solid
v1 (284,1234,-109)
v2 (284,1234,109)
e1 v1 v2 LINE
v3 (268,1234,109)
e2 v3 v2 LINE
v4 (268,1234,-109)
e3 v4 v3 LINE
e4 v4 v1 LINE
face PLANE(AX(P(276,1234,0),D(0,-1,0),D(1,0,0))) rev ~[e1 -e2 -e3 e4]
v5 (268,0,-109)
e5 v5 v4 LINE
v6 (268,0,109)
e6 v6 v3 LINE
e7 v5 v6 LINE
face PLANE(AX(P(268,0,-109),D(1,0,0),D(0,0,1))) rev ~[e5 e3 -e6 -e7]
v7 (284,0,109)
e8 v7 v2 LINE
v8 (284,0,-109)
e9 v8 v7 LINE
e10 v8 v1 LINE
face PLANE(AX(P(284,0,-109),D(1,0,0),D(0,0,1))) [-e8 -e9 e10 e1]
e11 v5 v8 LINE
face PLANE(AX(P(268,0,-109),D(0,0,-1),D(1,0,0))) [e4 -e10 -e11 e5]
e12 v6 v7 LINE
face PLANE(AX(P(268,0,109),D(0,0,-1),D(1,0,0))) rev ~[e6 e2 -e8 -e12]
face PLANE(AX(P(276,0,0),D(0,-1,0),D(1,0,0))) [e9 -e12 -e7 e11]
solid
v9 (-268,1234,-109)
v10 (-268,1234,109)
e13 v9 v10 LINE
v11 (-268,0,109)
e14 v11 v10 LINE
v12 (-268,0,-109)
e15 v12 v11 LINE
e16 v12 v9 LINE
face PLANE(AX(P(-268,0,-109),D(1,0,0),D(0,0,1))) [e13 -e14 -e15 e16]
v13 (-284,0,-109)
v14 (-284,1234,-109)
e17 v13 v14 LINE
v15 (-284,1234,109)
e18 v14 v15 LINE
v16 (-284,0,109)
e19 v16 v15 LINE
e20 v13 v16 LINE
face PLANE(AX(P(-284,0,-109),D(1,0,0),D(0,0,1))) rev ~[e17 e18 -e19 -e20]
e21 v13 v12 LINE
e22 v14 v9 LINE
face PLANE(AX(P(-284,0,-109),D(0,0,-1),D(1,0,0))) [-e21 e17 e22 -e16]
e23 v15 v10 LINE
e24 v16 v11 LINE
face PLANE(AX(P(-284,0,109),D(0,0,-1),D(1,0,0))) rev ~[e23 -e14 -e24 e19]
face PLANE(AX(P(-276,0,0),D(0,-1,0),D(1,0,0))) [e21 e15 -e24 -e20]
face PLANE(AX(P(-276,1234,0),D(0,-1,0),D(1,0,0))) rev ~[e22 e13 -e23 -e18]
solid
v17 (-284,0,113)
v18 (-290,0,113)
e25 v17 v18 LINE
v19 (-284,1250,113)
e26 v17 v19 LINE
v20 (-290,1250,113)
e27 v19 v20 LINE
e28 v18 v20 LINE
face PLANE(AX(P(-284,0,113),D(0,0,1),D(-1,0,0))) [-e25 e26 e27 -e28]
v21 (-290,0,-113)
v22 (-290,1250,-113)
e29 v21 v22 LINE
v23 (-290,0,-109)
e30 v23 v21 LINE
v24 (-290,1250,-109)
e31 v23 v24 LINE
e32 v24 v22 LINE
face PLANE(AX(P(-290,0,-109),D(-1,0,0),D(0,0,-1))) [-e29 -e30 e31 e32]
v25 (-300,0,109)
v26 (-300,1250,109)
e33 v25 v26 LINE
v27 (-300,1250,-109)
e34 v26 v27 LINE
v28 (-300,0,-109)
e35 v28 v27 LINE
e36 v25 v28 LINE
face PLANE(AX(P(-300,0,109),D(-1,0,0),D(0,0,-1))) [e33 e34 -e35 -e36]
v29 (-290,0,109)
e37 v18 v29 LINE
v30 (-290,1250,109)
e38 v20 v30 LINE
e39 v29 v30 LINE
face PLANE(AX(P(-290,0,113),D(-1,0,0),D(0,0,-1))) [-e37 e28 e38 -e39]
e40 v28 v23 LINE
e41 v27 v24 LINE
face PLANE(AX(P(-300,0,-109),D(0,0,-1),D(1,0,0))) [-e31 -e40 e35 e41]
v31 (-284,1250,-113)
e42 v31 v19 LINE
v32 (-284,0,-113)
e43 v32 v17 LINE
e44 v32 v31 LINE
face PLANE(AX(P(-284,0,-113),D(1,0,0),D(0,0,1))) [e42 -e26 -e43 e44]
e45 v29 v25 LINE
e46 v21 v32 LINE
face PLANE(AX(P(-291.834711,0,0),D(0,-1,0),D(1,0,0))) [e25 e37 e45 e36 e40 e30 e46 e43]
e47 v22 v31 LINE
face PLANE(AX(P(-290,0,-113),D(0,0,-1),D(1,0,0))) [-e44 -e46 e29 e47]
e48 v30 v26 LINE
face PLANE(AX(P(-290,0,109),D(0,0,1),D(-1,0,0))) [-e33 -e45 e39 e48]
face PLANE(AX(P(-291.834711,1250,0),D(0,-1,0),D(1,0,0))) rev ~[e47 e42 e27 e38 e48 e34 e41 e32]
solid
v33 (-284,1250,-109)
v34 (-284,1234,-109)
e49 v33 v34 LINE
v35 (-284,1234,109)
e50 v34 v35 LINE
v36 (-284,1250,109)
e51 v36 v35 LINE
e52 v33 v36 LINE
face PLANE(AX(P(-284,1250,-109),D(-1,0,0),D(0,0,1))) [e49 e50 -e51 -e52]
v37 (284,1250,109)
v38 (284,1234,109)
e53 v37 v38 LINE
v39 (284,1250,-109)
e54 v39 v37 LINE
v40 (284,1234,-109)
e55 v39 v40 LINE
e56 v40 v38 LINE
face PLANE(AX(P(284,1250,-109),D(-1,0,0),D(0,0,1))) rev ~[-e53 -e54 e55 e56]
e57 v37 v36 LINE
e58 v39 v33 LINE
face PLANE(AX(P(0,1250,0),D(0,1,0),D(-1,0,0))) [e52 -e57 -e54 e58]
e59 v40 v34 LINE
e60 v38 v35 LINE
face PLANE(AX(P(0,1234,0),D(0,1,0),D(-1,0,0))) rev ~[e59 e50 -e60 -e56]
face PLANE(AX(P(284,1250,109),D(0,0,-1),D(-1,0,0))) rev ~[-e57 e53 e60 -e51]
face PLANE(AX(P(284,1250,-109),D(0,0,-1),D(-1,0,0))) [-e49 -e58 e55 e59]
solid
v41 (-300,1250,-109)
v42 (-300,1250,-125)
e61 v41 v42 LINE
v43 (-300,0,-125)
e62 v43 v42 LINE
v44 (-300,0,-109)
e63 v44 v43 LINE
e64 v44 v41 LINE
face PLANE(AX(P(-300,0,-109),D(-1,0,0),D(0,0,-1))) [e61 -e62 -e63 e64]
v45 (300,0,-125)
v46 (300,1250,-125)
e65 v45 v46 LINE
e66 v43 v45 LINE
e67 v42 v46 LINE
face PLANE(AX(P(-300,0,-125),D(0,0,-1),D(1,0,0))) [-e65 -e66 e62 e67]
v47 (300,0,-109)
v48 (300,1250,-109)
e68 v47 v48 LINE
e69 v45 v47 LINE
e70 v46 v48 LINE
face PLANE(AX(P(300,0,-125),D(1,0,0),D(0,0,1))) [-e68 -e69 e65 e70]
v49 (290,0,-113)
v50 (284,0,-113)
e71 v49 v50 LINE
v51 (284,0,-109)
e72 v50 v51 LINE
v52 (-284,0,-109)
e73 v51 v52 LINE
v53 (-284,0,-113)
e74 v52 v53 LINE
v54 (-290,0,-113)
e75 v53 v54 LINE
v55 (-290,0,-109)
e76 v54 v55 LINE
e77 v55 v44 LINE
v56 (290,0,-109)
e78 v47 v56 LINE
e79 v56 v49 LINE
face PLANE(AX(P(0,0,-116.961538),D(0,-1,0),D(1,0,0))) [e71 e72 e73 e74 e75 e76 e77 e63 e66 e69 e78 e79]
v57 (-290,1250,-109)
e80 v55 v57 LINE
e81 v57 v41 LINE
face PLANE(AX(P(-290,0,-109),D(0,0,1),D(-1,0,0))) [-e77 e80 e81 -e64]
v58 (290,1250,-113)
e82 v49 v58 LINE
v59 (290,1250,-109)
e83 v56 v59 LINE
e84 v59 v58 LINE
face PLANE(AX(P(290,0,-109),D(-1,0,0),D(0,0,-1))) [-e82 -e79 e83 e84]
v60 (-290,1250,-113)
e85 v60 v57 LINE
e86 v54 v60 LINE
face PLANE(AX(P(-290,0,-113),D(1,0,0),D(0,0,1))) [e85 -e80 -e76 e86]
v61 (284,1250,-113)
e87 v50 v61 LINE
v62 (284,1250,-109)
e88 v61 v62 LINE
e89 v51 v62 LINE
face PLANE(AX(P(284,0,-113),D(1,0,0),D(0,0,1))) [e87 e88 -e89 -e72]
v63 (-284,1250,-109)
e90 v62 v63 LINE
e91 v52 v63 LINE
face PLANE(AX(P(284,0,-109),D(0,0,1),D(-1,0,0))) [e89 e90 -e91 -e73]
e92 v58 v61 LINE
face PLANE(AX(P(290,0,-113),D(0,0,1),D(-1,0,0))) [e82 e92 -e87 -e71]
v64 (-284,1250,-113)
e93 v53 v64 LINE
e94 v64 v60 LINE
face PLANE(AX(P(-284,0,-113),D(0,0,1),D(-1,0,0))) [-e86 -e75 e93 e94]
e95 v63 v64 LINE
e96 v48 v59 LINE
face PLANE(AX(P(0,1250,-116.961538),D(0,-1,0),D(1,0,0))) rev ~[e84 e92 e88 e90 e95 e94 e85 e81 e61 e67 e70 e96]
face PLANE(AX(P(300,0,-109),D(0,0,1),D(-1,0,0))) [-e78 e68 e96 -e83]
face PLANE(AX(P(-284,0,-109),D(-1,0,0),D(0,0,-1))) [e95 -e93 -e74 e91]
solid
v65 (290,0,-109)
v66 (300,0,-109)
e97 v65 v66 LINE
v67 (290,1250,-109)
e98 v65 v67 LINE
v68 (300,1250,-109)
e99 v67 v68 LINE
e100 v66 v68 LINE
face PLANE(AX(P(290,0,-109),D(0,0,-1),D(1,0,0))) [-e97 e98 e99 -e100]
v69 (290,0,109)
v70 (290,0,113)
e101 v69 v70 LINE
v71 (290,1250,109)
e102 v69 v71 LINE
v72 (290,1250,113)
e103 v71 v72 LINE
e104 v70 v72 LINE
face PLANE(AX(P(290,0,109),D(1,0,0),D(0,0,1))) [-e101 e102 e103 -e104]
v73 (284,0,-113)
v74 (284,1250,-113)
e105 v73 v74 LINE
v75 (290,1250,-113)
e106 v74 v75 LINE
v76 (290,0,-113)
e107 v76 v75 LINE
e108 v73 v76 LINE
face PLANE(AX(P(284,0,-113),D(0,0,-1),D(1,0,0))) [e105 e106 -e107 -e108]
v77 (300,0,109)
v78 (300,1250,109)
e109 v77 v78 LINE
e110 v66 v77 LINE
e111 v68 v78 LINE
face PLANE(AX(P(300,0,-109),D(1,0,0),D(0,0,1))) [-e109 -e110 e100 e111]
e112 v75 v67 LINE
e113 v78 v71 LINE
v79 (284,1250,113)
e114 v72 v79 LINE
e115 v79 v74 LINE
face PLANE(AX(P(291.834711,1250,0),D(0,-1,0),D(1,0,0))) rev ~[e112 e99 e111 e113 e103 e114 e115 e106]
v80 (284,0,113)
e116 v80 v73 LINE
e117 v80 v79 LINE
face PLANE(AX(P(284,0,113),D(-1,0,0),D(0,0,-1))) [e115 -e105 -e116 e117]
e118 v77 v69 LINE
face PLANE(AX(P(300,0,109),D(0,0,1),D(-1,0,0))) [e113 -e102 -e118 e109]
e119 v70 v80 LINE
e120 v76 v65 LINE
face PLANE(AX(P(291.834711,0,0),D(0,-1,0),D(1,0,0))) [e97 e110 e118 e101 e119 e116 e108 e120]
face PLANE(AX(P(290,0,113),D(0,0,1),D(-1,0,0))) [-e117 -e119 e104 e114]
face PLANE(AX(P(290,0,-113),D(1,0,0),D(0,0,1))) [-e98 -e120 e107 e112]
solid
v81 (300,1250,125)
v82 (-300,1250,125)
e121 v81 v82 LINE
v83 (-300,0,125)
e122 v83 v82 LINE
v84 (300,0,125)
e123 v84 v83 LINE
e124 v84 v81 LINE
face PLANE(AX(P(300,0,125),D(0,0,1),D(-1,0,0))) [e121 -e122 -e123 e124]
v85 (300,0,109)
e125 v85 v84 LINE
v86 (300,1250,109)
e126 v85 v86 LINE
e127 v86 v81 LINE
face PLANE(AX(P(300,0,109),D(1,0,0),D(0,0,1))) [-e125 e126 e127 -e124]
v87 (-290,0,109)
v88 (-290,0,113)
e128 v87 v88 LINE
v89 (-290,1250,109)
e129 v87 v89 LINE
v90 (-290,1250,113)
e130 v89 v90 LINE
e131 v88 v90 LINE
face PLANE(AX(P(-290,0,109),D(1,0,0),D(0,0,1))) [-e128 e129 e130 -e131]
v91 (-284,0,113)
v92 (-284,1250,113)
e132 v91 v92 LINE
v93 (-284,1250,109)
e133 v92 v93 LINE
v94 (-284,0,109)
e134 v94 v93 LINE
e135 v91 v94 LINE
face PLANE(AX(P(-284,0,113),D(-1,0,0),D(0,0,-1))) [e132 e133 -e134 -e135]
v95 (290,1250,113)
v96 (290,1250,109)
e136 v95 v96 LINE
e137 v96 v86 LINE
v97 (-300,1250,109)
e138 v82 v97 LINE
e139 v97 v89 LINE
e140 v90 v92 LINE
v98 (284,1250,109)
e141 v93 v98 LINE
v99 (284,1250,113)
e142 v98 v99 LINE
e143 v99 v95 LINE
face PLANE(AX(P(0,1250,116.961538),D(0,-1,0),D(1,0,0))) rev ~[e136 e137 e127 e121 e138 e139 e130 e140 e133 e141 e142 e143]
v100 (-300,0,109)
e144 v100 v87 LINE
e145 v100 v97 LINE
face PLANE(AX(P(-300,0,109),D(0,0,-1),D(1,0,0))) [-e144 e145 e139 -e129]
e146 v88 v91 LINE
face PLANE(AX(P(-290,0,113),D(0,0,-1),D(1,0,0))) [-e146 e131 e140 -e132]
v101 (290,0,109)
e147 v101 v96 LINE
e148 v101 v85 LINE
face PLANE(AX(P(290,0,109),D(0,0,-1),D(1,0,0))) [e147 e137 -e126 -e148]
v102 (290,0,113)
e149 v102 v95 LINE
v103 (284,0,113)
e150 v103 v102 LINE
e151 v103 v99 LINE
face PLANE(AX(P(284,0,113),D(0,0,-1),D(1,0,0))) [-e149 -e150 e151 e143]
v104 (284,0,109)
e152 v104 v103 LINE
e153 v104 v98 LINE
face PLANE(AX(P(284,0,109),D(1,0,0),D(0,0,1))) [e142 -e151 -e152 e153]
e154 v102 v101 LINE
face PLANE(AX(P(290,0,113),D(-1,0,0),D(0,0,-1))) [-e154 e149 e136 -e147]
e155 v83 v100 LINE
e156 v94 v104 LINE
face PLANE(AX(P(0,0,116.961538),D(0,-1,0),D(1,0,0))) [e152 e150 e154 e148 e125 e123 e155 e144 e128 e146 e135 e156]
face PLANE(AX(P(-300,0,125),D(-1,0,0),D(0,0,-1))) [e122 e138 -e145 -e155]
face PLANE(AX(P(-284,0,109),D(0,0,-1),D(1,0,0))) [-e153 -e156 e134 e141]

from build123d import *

# Parameters (mm, degrees)
F1_DEPTH = 1250
F2_DEPTH = 1250
F3_DEPTH = 1250
F4_DEPTH = 1250
F0_W     = 16
F0_H     = 218
F5_DEPTH = 1234
F6_DEPTH = 1234
F8_W     = 568
F8_H     = 218
F9_DEPTH = 16


with BuildPart() as f1:
    # F0 (on Front) → F1 (new body)
    with BuildSketch(Plane.XZ):
        Polygon((290, -109), (300, -109), (300, 109), (290, 109), (290, 113), (284, 113), (284, 109), (284, -109), (284, -113), (290, -113), align=None)
    extrude(amount=-F1_DEPTH)


with BuildPart() as f2:
    # F0 (on Front) → F2 (new body)
    with BuildSketch(Plane.XZ):
        Polygon((290, 109), (300, 109), (300, 125), (-300, 125), (-300, 109), (-290, 109), (-290, 113), (-284, 113), (-284, 109), (-268, 109), (268, 109), (284, 109), (284, 113), (290, 113), align=None)
    extrude(amount=-F2_DEPTH)


with BuildPart() as f3:
    # F0 (on Front) → F3 (new body)
    with BuildSketch(Plane.XZ):
        Polygon((-300, 109), (-300, -109), (-290, -109), (-290, -113), (-284, -113), (-284, -109), (-284, 109), (-284, 113), (-290, 113), (-290, 109), align=None)
    extrude(amount=-F3_DEPTH)


with BuildPart() as f4:
    # F0 (on Front) → F4 (new body)
    with BuildSketch(Plane.XZ):
        Polygon((-300, -125), (300, -125), (300, -109), (290, -109), (290, -113), (284, -113), (284, -109), (268, -109), (-268, -109), (-284, -109), (-284, -113), (-290, -113), (-290, -109), (-300, -109), align=None)
    extrude(amount=-F4_DEPTH)


with BuildPart() as f5:
    # F0 (on Front) → F5 (new body)
    with BuildSketch(Plane.XZ):
        with Locations((276, 0)):
            Rectangle(F0_W, F0_H)
    extrude(amount=-F5_DEPTH)


with BuildPart() as f6:
    # F0 (on Front) → F6 (new body)
    with BuildSketch(Plane.XZ):
        with Locations((-276, 0)):
            Rectangle(F0_W, F0_H)
    extrude(amount=-F6_DEPTH)


with BuildPart() as f9:
    # F8 (on face) → F9 (new body)
    with BuildSketch(Plane(origin=(0, 1250, 0), x_dir=(-1, 0, 0), z_dir=(0, 1, 0))):
        Rectangle(F8_W, F8_H)
    extrude(amount=-F9_DEPTH)


solid = Compound([f1.part, f2.part, f3.part, f4.part, f5.part, f6.part, f9.part])
